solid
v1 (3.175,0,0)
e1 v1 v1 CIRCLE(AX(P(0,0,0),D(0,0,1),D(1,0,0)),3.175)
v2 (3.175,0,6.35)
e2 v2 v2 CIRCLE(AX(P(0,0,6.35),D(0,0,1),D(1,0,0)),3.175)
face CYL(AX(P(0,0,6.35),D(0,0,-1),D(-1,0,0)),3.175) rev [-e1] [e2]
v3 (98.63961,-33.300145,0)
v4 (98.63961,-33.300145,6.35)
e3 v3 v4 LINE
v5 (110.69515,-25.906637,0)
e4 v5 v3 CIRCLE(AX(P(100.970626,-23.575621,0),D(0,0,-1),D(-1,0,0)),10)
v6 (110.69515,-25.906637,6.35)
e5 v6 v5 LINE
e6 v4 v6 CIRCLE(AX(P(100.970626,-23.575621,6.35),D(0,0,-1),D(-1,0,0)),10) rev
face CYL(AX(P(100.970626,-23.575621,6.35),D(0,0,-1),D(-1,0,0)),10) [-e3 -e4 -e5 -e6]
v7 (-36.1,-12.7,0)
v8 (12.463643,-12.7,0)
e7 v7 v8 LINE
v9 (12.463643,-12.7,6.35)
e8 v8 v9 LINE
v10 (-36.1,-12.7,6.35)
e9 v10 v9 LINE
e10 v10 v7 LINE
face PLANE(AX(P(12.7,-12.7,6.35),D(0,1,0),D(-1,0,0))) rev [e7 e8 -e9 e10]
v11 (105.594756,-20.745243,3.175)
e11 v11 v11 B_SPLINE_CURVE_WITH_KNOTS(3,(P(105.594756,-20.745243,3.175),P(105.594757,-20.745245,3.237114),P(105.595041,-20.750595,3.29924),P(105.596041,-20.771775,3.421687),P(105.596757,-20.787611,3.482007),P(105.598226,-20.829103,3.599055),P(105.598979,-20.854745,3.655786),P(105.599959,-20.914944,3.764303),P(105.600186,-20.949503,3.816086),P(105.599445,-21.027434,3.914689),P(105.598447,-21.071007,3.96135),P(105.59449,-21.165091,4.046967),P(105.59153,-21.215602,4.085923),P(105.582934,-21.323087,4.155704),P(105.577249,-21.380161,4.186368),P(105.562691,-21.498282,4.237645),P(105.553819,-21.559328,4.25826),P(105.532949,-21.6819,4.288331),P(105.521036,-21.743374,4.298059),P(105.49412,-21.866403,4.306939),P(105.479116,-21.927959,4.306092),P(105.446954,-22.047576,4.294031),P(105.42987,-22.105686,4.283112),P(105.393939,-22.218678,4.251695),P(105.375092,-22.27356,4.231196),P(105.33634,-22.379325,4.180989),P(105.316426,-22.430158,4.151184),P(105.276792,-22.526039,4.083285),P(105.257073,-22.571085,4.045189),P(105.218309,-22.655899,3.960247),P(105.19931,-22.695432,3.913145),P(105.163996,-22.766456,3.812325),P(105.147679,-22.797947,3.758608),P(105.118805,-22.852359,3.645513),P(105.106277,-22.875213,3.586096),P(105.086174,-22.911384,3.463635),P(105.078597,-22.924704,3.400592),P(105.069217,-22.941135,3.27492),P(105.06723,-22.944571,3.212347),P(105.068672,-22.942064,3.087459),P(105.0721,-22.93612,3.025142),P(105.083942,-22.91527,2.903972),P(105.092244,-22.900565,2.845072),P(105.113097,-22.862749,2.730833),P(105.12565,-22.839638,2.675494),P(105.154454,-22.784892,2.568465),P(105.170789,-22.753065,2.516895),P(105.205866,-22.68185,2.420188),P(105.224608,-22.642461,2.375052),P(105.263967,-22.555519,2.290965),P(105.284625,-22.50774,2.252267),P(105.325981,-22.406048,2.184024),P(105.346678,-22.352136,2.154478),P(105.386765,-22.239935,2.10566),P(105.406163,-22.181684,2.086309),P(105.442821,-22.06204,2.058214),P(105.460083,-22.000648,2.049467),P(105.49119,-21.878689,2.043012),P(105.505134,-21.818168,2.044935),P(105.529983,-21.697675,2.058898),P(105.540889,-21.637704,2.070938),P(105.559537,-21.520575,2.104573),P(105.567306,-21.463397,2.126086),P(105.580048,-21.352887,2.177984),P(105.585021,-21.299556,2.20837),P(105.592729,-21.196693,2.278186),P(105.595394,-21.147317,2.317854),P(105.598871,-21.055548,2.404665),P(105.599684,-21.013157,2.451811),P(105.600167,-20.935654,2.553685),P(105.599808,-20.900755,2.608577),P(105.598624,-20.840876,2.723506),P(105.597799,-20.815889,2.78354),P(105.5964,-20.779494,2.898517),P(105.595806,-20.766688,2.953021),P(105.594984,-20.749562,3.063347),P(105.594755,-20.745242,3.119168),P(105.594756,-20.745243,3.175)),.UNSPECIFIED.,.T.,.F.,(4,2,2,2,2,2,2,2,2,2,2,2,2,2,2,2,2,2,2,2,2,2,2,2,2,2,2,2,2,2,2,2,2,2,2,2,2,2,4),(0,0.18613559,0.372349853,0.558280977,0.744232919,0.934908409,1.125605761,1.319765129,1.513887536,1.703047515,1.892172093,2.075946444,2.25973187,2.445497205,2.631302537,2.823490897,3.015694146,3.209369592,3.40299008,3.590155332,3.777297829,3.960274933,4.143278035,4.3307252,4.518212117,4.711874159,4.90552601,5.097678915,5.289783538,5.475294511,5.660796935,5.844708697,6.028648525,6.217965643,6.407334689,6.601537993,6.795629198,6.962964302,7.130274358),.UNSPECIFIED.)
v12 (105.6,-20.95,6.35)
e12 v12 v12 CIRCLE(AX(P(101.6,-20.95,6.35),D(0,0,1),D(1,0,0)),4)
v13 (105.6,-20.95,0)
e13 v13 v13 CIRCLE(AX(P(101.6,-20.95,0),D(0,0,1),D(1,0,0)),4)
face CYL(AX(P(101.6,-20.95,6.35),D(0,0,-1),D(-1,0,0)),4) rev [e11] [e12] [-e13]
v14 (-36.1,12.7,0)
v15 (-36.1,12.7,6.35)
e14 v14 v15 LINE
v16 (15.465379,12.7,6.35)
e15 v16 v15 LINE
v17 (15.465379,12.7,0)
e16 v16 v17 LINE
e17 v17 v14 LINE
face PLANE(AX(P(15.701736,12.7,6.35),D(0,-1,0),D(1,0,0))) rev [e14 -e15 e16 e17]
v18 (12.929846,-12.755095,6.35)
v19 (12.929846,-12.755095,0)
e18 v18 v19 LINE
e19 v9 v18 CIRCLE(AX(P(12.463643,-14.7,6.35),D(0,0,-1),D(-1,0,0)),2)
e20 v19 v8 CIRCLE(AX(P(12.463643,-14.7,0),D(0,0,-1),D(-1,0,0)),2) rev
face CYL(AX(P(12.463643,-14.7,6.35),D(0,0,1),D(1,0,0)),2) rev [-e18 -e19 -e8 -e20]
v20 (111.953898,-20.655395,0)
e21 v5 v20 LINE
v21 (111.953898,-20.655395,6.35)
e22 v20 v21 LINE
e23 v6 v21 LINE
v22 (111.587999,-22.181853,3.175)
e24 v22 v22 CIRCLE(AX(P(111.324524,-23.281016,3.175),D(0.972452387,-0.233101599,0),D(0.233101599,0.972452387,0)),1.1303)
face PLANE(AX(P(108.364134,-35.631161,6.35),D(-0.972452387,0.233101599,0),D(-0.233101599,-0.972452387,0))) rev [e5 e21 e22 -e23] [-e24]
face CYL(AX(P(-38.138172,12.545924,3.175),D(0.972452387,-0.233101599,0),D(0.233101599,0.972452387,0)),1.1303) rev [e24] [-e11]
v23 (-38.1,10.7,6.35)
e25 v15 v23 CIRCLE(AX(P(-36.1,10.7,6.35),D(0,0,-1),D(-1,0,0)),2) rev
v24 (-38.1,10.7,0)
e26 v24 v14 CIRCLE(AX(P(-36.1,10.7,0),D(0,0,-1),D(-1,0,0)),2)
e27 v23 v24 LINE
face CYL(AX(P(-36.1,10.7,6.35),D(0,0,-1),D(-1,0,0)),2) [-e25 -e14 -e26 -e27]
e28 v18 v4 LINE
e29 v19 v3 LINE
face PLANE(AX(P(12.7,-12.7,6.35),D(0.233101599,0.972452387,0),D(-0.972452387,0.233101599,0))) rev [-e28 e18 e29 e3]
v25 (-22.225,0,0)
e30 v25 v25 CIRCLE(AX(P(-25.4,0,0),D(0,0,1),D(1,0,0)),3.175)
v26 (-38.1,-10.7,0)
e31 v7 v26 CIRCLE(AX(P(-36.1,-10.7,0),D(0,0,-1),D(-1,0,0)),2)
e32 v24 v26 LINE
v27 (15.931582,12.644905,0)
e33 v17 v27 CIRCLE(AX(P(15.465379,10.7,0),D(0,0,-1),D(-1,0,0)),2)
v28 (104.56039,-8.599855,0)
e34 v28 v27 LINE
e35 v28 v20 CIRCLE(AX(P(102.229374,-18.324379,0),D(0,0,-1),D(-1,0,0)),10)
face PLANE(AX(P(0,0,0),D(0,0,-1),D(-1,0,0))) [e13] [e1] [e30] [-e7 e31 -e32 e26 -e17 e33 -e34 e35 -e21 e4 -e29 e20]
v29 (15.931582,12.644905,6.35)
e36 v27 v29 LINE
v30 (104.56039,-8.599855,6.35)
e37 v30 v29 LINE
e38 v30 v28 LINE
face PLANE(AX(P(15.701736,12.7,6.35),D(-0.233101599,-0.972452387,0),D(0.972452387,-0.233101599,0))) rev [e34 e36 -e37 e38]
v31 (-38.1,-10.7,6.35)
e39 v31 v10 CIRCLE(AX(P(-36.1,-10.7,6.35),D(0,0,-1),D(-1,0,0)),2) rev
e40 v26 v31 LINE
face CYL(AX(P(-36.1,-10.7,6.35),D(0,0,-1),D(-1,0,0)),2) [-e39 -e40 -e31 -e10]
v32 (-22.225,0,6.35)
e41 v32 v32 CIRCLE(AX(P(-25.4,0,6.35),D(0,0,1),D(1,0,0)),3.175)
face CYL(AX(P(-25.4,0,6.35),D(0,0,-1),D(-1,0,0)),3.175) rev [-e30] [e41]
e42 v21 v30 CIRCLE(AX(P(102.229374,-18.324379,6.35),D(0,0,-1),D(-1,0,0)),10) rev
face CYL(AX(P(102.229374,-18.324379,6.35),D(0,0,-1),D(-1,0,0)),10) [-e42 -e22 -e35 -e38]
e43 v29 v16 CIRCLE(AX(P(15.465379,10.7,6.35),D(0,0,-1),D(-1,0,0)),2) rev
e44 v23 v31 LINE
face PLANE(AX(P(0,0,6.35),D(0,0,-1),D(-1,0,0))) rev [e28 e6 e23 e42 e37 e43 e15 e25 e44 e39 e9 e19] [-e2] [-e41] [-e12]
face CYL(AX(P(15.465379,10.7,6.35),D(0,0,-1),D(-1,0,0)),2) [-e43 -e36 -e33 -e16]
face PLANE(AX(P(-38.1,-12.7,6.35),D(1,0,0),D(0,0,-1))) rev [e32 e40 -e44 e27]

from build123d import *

# Parameters (mm, degrees)
SKETCH1_R               = 3.175
SKETCH1_R_2             = 4
BOSS_EXTRUDE1_DEPTH     = 6.35
CUT_EXTRUDE2_REACH      = 155.866
CUT_EXTRUDE2_END_RADIUS = 4
SKETCH3_R               = 1.1303
FILLET3_R               = 2
FILLET4_R               = 10


with BuildPart() as part:
    # Sketch1 → Boss-Extrude1 (new body)
    with BuildSketch(Plane.XY):
        Polygon((-38.1, -12.7), (-38.1, 12.7), (15.701735639, 12.7), (114.28491418, -10.930870684), (108.364133554, -35.631161305), (12.7, -12.7), align=None)
        with Locations((-25.4, 0)):
            Circle(SKETCH1_R, mode=Mode.SUBTRACT)
        Circle(SKETCH1_R, mode=Mode.SUBTRACT)
        with Locations((101.6, -20.95)):
            Circle(SKETCH1_R_2, mode=Mode.SUBTRACT)
    extrude(amount=BOSS_EXTRUDE1_DEPTH)

    # Cut-Extrude2: up to this cylinder (the profile starts outside it)
    cut_extrude2_end = Plane(origin=(101.6, -20.95, 3.175), z_dir=(0, 0, -1)) * Cylinder(CUT_EXTRUDE2_END_RADIUS, 320.732, mode=Mode.PRIVATE)
    # Sketch3 → Cut-Extrude2 (cut, up to the surface)
    with BuildSketch(Plane(origin=(110.552900462, -26.500071647, 0), x_dir=(0, 0, -1), z_dir=(0.9724523866696595, -0.23310159943784806, 0)), mode=Mode.PRIVATE) as cut_extrude2_sk1:
        with Locations(Location((-3.175, 3.310245002, 0), (0, 0, 90))):
            Circle(SKETCH3_R)
    cut_extrude2_tool1 = extrude(cut_extrude2_sk1.sketch, amount=-CUT_EXTRUDE2_REACH, mode=Mode.PRIVATE) - cut_extrude2_end
    add(cut_extrude2_tool1.solids().sort_by_distance((111.324524, -23.281016, 3.175))[0], mode=Mode.SUBTRACT)

    # Fillet3
    fillet3_edges = [part.edges().sort_by_distance(p)[0] for p in [
        (12.7, -12.7, 3.175),
        (-38.1, -12.7, 3.175),
        (-38.1, 12.7, 3.175),
        (15.701735639, 12.7, 3.175),
    ]]
    fillet(fillet3_edges, radius=FILLET3_R)

    # Fillet4
    fillet4_edges = [part.edges().sort_by_distance(p)[0] for p in [
        (108.364133554, -35.631161305, 3.175),
        (114.28491418, -10.930870684, 3.175),
    ]]
    fillet(fillet4_edges, radius=FILLET4_R)


solid = part.part
